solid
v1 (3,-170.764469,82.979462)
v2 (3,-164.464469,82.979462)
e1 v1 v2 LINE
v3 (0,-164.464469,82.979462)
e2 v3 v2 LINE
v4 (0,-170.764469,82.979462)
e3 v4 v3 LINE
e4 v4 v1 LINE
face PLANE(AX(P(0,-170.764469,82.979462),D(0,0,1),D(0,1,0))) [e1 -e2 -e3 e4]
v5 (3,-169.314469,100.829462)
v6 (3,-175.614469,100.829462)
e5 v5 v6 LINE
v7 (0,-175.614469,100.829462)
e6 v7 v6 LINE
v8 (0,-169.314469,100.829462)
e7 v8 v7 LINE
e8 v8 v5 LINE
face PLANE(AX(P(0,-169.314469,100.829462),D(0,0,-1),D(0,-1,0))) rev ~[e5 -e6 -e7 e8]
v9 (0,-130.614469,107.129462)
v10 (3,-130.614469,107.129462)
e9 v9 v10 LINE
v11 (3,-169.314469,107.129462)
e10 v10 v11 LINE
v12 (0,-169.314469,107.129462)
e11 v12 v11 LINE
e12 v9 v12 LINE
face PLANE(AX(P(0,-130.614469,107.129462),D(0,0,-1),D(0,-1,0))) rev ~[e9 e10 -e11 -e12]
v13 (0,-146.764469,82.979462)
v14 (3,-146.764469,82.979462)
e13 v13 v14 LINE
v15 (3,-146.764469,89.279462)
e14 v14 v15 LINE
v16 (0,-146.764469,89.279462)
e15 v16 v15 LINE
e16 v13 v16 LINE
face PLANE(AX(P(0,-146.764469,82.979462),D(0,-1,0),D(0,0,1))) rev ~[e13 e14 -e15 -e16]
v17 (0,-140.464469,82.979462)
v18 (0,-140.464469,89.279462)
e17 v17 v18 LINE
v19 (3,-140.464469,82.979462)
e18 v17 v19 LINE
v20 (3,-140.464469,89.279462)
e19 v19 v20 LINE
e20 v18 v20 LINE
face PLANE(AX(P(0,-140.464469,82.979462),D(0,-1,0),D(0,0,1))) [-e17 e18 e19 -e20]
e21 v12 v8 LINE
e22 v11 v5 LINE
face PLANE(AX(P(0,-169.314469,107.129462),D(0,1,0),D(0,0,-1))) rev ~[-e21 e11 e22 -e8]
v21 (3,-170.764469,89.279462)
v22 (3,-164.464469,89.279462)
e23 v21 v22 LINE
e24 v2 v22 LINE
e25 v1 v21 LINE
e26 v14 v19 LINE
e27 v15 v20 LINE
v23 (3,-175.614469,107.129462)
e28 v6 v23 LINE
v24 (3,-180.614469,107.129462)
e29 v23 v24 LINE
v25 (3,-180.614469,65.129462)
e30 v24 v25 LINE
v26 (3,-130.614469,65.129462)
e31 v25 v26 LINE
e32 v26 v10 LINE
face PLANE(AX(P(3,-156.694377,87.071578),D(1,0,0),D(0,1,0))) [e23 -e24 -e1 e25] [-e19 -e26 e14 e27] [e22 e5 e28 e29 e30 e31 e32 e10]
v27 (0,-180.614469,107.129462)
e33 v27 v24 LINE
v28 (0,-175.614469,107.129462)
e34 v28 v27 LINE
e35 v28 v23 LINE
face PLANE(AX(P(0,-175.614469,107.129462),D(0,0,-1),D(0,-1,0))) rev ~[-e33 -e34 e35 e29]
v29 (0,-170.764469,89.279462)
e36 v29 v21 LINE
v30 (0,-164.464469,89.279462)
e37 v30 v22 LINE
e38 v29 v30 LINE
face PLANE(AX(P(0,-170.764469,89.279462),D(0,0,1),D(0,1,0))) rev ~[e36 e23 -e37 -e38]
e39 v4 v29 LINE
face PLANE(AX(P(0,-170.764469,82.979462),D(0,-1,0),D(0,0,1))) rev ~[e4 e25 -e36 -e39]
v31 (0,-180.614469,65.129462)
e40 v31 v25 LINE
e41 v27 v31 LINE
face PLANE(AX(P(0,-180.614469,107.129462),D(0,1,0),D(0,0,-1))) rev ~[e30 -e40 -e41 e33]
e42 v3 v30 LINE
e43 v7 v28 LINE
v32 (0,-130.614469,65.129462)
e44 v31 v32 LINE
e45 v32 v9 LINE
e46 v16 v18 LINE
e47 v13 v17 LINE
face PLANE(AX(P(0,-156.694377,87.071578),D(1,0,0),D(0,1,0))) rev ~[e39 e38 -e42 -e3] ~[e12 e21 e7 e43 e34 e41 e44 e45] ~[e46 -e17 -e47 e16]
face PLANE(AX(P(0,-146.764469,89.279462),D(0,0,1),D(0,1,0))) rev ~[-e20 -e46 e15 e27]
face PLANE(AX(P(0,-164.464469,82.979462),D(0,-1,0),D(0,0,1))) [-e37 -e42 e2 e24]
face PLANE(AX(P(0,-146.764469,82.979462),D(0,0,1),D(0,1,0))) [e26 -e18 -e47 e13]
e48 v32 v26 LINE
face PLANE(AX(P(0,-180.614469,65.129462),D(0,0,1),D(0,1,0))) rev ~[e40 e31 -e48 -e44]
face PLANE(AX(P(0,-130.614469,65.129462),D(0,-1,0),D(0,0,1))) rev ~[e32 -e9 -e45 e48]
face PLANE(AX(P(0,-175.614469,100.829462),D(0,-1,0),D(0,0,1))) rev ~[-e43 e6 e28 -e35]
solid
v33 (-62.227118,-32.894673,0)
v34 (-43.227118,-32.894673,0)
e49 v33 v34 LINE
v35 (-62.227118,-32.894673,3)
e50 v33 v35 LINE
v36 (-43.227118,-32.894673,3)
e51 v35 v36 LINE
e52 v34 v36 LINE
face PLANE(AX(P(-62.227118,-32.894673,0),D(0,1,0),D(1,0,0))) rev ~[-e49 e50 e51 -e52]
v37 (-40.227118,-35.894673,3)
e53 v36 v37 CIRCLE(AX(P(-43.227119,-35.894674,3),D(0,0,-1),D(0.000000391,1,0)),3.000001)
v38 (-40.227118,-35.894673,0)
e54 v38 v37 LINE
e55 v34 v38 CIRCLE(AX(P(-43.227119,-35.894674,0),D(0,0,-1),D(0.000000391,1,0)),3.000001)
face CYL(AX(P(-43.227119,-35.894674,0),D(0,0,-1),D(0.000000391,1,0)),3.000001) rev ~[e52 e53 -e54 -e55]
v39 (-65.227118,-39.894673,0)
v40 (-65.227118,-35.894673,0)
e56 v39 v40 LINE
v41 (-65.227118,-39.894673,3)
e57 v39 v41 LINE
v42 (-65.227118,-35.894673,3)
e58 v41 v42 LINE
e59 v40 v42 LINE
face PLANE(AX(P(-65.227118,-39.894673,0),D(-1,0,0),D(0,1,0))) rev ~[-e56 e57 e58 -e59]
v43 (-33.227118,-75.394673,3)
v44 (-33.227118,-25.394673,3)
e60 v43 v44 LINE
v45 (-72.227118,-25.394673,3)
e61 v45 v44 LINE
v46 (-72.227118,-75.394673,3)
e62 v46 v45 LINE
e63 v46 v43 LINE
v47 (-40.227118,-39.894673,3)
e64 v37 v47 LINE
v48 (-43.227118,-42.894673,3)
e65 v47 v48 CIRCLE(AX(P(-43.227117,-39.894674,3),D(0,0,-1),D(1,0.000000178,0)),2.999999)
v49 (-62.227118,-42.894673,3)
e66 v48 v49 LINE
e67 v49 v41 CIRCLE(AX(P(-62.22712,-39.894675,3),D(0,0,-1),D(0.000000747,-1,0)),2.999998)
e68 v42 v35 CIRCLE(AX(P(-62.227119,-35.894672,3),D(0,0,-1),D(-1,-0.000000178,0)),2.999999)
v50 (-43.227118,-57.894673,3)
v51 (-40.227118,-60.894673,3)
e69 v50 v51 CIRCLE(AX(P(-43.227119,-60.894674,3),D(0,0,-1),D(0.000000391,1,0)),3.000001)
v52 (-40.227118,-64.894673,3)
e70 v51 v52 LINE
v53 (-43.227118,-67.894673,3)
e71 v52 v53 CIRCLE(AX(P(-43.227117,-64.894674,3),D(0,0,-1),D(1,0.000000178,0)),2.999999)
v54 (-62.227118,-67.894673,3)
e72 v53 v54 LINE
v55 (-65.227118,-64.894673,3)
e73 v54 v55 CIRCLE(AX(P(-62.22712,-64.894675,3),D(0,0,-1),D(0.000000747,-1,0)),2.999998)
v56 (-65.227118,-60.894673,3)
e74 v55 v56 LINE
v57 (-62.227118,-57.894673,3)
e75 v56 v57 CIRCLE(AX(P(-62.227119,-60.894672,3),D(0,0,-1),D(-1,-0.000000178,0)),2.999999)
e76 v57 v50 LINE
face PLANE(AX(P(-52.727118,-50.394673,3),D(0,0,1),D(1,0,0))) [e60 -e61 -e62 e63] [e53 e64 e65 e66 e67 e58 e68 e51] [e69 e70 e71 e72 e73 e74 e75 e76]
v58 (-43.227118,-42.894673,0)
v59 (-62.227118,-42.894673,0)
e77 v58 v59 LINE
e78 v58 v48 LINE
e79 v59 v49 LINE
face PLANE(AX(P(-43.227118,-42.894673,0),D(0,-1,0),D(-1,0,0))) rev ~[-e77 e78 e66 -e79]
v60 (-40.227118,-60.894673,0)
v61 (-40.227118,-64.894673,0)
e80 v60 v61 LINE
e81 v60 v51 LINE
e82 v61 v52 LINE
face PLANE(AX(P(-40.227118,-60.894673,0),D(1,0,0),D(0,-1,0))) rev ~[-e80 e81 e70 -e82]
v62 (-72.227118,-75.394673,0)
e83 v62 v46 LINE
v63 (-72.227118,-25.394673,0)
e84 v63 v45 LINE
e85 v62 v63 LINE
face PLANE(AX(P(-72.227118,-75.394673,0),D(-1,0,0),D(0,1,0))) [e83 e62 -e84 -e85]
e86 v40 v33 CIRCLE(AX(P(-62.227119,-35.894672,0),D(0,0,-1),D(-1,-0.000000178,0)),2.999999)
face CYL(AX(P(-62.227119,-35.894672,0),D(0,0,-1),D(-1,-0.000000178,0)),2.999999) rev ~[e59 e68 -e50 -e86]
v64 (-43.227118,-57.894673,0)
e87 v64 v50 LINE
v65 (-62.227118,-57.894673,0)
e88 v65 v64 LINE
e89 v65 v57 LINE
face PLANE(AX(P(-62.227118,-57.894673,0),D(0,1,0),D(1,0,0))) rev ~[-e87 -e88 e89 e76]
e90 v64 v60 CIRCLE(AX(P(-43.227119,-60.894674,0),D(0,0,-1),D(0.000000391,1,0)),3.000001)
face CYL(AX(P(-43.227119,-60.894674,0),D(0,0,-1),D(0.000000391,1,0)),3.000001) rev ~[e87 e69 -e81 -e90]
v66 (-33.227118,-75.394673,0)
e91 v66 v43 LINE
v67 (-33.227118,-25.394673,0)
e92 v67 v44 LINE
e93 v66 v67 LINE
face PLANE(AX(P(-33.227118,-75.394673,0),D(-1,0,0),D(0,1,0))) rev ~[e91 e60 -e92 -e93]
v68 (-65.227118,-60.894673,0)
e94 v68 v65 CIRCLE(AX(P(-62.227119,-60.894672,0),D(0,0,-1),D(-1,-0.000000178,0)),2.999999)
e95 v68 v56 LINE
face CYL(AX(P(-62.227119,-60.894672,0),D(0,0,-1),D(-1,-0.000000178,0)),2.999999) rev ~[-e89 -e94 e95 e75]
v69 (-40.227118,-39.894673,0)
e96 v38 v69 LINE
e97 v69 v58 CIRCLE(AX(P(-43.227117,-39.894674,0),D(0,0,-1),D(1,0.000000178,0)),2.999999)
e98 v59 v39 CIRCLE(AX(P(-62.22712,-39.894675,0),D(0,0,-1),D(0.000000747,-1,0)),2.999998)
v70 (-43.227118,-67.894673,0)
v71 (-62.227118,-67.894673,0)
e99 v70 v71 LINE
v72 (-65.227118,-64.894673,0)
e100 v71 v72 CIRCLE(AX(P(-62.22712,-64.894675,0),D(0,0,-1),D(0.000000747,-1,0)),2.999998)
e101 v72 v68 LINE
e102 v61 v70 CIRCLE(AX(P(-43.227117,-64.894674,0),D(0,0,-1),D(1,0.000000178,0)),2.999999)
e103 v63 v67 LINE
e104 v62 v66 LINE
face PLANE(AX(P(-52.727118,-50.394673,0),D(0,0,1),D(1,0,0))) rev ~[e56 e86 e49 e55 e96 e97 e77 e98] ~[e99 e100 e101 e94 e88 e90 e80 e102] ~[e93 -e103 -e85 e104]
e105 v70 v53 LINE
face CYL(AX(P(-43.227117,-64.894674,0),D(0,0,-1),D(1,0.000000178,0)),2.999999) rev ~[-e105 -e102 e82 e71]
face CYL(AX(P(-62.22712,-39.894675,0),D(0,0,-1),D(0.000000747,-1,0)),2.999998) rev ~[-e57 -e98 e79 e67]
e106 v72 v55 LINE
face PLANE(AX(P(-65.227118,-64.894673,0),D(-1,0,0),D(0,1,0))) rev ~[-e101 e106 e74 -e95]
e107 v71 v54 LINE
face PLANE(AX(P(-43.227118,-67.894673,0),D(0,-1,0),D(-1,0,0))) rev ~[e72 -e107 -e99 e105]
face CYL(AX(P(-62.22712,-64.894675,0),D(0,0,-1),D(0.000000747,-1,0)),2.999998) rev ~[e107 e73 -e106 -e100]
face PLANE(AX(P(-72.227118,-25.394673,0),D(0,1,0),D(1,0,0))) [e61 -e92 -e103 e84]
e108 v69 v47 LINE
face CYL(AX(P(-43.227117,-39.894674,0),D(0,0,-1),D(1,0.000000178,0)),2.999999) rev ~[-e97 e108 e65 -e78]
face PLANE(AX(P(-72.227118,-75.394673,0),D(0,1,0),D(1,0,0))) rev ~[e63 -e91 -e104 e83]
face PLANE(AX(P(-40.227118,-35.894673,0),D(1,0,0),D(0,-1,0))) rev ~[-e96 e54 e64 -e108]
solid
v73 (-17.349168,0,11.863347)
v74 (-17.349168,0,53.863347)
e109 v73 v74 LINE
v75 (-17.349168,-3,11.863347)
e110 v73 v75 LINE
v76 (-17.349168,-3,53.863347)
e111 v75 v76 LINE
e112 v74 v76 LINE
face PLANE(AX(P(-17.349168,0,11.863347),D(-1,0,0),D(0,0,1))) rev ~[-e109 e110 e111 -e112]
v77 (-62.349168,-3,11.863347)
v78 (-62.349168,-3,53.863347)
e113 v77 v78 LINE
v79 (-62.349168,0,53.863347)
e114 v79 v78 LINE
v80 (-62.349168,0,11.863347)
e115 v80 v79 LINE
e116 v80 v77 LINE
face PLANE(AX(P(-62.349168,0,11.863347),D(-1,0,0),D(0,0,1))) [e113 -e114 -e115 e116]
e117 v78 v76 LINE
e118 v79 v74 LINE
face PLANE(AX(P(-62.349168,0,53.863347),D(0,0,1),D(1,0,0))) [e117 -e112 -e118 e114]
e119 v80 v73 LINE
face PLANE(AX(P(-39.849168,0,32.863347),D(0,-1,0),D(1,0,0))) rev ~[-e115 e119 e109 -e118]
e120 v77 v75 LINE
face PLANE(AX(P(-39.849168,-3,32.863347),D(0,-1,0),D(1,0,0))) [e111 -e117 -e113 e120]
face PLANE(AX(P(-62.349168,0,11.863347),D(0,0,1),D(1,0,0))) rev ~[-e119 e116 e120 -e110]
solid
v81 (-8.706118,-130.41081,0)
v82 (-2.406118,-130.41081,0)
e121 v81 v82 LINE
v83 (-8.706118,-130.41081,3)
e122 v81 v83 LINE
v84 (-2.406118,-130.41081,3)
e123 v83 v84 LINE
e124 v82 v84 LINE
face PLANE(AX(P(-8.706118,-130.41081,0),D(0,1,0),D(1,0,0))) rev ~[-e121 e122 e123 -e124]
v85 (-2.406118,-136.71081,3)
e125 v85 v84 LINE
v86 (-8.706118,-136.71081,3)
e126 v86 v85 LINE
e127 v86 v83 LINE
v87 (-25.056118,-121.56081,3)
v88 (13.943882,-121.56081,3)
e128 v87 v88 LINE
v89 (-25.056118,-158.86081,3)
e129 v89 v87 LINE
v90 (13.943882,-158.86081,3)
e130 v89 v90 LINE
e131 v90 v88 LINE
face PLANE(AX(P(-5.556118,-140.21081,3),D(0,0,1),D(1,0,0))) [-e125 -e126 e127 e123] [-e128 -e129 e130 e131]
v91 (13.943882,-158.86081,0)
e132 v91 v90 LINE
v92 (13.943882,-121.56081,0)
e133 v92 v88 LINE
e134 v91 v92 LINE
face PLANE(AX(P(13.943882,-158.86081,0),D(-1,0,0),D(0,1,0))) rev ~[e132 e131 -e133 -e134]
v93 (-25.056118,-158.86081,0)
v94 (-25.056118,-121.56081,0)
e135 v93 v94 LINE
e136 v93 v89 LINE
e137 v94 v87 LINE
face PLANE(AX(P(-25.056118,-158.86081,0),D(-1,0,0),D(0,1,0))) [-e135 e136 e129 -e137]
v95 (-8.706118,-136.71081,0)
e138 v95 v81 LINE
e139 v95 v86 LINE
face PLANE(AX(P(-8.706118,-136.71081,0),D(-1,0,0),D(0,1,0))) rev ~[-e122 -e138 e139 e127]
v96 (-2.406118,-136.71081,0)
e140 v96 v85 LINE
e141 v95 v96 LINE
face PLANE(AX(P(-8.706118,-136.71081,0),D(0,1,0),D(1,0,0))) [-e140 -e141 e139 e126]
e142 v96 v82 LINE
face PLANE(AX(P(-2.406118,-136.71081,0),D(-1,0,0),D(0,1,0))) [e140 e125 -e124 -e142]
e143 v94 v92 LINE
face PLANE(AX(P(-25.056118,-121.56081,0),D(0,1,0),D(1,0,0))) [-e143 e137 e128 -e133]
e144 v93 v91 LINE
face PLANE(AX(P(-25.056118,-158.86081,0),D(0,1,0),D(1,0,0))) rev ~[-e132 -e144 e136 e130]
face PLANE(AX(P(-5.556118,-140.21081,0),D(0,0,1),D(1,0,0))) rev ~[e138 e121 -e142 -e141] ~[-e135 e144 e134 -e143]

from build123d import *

# Parameters (mm, degrees)
F0_W     = 39
F0_H     = 37.3
F0_W_2   = 6.3
F0_H_2   = 6.3
F1_DEPTH = 3
F2_W     = 6.3
F2_H     = 6.3
F3_DEPTH = 3
F4_W     = 39
F4_H     = 50
F5_DEPTH = 3
F6_W     = 45
F6_H     = 42
F7_DEPTH = 3


with BuildPart() as f1:
    # F0 (on Top) → F1 (new body)
    with BuildSketch(Plane.XY):
        with Locations((-5.556118, -140.21081)):
            Rectangle(F0_W, F0_H)
        with Locations((-5.556118, -133.56081)):
            Rectangle(F0_W_2, F0_H_2, mode=Mode.SUBTRACT)
    extrude(amount=F1_DEPTH)


with BuildPart() as f3:
    # F2 (on Right) → F3 (new body)
    with BuildSketch(Plane.YZ):
        Polygon((-180.614469, 65.129462), (-130.614469, 65.129462), (-130.614469, 107.129462), (-169.314469, 107.129462), (-169.314469, 100.829462), (-175.614469, 100.829462), (-175.614469, 107.129462), (-180.614469, 107.129462), align=None)
        with Locations((-167.614469, 86.129462)):
            Rectangle(F2_W, F2_H, mode=Mode.SUBTRACT)
        with Locations((-143.614469, 86.129462)):
            Rectangle(F2_W, F2_H, mode=Mode.SUBTRACT)
    extrude(amount=F3_DEPTH)


with BuildPart() as f5:
    # F4 (on Top) → F5 (new body)
    with BuildSketch(Plane.XY):
        with Locations((-52.727118, -50.394673)):
            Rectangle(F4_W, F4_H)
        with BuildLine():
            ThreePointArc((-65.227118, -60.894673), (-64.348439, -58.773353), (-62.227118, -57.894673))
            Line((-62.227118, -57.894673), (-43.227118, -57.894673))
            ThreePointArc((-43.227118, -57.894673), (-41.105798, -58.773353), (-40.227118, -60.894673))
            Line((-40.227118, -60.894673), (-40.227118, -64.894673))
            ThreePointArc((-40.227118, -64.894673), (-41.105798, -67.015994), (-43.227118, -67.894673))
            Line((-43.227118, -67.894673), (-62.227118, -67.894673))
            ThreePointArc((-62.227118, -67.894673), (-64.348439, -67.015994), (-65.227118, -64.894673))
            Line((-65.227118, -64.894673), (-65.227118, -60.894673))
        make_face(mode=Mode.SUBTRACT)
        with BuildLine():
            Line((-43.227118, -42.894673), (-62.227118, -42.894673))
            ThreePointArc((-62.227118, -42.894673), (-64.348439, -42.015994), (-65.227118, -39.894673))
            Line((-65.227118, -39.894673), (-65.227118, -35.894673))
            ThreePointArc((-65.227118, -35.894673), (-64.348439, -33.773353), (-62.227118, -32.894673))
            Line((-62.227118, -32.894673), (-43.227118, -32.894673))
            ThreePointArc((-43.227118, -32.894673), (-41.105798, -33.773353), (-40.227118, -35.894673))
            Line((-40.227118, -35.894673), (-40.227118, -39.894673))
            ThreePointArc((-40.227118, -39.894673), (-41.105798, -42.015994), (-43.227118, -42.894673))
        make_face(mode=Mode.SUBTRACT)
    extrude(amount=F5_DEPTH)


with BuildPart() as f7:
    # F6 (on Front) → F7 (new body)
    with BuildSketch(Plane.XZ):
        with Locations((-39.849168, 32.863347)):
            Rectangle(F6_W, F6_H)
    extrude(amount=F7_DEPTH)


solid = Compound([f1.part, f3.part, f5.part, f7.part])
